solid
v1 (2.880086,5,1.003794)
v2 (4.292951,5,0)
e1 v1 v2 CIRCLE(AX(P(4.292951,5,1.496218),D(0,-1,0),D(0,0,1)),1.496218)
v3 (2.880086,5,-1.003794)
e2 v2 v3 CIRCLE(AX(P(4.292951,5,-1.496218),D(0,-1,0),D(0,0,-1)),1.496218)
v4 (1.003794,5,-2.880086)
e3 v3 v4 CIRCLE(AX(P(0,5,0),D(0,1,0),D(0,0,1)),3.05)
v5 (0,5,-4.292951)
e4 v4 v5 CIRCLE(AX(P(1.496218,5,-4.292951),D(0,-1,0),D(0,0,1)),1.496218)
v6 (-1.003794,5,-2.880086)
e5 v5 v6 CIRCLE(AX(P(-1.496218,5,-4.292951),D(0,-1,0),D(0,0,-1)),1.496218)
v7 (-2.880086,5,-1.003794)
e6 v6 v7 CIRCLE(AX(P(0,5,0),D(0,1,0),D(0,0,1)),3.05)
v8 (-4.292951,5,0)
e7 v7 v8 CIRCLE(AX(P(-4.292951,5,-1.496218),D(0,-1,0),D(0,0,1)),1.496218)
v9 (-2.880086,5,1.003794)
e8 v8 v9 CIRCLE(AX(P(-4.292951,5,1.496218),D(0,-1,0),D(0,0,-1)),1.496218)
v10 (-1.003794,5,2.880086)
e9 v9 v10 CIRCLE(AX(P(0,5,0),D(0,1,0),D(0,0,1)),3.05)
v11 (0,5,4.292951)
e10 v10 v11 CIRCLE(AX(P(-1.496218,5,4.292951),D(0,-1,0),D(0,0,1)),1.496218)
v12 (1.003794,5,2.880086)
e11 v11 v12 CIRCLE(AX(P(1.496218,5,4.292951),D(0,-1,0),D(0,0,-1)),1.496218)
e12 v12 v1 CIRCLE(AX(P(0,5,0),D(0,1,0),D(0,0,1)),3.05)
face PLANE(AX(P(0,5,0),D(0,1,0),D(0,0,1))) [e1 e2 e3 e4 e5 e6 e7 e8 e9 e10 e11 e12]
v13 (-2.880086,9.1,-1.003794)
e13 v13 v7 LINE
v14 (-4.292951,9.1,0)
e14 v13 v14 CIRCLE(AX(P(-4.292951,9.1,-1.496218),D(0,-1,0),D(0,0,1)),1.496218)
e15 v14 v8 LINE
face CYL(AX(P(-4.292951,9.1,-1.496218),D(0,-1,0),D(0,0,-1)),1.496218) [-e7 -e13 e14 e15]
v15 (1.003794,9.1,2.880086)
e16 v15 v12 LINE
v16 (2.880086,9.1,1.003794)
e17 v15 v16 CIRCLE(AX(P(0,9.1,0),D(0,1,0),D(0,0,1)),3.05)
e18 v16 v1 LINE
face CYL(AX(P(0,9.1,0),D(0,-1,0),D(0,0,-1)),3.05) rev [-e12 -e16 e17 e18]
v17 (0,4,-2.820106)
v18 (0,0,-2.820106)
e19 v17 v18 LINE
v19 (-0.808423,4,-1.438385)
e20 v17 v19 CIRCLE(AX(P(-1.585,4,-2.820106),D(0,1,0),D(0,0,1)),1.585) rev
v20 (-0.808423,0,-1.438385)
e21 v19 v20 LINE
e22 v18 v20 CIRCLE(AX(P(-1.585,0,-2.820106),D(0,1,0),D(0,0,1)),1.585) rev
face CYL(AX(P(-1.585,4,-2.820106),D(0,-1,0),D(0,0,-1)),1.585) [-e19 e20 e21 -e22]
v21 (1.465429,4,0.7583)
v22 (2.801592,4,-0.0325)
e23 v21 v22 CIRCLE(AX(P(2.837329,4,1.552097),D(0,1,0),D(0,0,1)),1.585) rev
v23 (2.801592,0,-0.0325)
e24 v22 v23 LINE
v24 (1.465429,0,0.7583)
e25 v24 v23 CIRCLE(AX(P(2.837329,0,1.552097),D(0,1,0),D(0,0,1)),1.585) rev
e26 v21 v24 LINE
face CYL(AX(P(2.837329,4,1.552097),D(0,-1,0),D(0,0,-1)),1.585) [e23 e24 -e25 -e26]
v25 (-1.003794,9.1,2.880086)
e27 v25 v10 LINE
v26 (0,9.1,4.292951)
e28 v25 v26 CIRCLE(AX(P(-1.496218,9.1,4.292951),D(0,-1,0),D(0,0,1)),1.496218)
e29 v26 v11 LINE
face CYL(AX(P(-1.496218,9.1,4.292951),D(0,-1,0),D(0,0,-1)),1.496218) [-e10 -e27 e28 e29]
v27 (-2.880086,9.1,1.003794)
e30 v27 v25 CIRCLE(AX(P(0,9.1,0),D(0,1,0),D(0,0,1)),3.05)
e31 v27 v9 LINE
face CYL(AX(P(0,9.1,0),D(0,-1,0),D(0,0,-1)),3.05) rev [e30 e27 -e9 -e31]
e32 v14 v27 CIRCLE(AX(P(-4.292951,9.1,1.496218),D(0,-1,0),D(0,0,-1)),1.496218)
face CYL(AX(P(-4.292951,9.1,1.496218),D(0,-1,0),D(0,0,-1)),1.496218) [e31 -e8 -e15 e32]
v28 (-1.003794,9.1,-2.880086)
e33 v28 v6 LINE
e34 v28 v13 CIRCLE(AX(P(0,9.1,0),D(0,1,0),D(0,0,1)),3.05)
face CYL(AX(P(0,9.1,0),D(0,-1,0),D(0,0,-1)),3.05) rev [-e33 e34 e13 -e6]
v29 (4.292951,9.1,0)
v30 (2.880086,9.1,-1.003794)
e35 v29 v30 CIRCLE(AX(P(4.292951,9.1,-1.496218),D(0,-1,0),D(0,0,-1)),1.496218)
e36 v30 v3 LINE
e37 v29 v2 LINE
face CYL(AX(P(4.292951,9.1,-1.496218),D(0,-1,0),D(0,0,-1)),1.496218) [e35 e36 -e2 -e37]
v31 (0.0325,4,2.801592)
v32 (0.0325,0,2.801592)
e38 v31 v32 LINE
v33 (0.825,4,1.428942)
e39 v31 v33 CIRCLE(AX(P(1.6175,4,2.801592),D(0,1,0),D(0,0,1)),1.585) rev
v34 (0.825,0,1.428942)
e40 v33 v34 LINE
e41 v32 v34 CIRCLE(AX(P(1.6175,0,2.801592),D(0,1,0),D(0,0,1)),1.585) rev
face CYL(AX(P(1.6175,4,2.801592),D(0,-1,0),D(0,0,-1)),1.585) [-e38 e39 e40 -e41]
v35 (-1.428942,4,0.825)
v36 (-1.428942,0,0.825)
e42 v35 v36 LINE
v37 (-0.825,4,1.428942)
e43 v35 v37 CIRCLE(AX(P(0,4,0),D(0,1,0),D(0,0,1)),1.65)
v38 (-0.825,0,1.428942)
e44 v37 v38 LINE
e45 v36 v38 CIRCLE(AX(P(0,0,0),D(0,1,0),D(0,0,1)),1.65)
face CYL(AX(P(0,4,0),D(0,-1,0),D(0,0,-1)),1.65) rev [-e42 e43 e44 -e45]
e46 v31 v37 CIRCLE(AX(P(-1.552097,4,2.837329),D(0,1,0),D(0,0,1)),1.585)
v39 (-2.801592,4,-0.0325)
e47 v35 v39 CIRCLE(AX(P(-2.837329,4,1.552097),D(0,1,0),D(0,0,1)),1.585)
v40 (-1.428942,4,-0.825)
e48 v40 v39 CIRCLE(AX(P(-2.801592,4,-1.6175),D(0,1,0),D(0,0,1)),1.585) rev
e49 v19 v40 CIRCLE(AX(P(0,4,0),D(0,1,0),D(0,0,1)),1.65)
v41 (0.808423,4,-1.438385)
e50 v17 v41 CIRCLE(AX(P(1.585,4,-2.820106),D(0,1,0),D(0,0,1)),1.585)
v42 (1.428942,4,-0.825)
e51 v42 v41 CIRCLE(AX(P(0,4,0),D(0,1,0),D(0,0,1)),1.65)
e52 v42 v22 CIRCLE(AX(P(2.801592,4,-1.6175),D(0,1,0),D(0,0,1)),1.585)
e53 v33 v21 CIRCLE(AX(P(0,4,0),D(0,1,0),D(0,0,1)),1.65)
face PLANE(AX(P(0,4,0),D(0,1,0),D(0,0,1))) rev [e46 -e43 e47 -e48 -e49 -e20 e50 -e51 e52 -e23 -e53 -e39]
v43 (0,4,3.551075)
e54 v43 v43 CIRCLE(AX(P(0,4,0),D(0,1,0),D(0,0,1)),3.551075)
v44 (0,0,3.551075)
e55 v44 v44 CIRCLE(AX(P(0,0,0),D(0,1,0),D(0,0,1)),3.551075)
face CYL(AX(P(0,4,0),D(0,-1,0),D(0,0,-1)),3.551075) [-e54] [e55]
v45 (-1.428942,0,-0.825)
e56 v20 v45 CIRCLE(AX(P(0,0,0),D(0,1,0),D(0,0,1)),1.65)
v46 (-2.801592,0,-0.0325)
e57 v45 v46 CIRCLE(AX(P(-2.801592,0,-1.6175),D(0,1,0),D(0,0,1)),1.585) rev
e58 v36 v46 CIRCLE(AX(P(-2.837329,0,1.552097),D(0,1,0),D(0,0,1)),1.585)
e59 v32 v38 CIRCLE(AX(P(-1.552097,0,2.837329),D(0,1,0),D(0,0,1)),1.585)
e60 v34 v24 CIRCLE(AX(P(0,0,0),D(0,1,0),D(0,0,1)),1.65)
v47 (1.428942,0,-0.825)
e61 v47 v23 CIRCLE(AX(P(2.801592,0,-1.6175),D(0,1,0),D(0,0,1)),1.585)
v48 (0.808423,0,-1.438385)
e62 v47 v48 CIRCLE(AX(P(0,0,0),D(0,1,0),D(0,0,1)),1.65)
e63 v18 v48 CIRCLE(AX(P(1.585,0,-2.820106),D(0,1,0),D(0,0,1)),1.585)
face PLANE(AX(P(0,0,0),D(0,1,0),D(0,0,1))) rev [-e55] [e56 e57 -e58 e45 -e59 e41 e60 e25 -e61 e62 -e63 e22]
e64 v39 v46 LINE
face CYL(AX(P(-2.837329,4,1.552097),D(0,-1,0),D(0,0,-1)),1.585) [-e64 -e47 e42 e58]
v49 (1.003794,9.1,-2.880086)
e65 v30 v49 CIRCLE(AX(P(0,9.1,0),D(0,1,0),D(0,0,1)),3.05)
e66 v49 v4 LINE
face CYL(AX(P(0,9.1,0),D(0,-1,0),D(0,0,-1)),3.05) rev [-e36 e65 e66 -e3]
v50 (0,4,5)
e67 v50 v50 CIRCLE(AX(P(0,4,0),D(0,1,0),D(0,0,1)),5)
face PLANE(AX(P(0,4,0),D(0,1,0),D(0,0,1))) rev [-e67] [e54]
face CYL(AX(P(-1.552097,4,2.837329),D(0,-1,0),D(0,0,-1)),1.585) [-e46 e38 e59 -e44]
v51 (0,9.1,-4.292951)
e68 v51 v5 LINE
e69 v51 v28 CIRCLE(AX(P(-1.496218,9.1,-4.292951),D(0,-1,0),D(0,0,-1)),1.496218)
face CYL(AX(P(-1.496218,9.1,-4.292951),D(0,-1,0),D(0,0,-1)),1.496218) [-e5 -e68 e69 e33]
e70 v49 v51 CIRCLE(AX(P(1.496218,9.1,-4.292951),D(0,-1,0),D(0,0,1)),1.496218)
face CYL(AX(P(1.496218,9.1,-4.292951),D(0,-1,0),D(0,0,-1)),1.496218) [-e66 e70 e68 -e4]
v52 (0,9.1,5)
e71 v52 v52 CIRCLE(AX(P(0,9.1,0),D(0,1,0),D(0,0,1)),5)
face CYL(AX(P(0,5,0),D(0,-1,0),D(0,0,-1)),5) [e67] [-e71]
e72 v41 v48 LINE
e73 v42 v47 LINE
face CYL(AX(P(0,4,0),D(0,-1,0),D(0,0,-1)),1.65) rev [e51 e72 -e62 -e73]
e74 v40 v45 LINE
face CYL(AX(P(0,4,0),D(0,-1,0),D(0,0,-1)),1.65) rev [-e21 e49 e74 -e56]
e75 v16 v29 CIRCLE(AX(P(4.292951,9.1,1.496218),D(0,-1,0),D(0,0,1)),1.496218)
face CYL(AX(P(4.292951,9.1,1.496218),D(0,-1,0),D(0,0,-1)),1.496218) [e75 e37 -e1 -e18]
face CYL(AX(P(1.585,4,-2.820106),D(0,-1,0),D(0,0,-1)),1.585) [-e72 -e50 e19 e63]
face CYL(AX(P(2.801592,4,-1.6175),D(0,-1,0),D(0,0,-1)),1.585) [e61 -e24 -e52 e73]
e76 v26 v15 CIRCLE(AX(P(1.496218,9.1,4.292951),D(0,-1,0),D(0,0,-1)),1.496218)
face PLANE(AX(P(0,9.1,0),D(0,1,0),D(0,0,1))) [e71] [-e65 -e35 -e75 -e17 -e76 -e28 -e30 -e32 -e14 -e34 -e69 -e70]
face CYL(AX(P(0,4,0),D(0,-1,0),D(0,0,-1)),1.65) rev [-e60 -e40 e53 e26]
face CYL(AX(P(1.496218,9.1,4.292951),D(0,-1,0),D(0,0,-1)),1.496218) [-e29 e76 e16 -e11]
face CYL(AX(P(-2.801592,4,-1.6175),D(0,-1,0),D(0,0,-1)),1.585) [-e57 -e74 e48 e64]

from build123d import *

# Parameters (mm, degrees)
SKETCH1_R           = 3.551074582
BOSS_EXTRUDE1_DEPTH = 4
SKETCH2_R           = 5
BOSS_EXTRUDE2_DEPTH = 1
SKETCH3_R           = 5
BOSS_EXTRUDE3_DEPTH = 4.1


with BuildPart() as part:
    # Sketch1 → Boss-Extrude1 (new body)
    with BuildSketch(Plane(origin=(0, 0, 0), x_dir=(1, 0, 0), z_dir=(0, 1, 0))):
        with Locations(Location((0, 0, 0), (0, 0, 270))):
            Circle(SKETCH1_R)
        with BuildLine():
            ThreePointArc((-0.825, -1.428941916), (-1.166726189, -1.166726189), (-1.428941916, -0.825))
            ThreePointArc((-1.428941916, -0.825), (-1.997567148, -0.207840905), (-2.801592181, 0.0325))
            ThreePointArc((-2.801592181, 0.0325), (-2.009092181, 0.244849735), (-1.428941916, 0.825))
            ThreePointArc((-1.428941916, 0.825), (-1.159961762, 1.173451623), (-0.808423493, 1.438385017))
            ThreePointArc((-0.808423493, 1.438385017), (-0.216954174, 2.019684231), (0, 2.820106381))
            ThreePointArc((0, 2.820106381), (0.216954174, 2.019684231), (0.808423493, 1.438385017))
            ThreePointArc((0.808423493, 1.438385017), (1.159961762, 1.173451623), (1.428941916, 0.825))
            ThreePointArc((1.428941916, 0.825), (2.009092181, 0.244849735), (2.801592181, 0.0325))
            ThreePointArc((2.801592181, 0.0325), (2.03004847, -0.188087258), (1.465428549, -0.758300183))
            ThreePointArc((1.465428549, -0.758300183), (1.44756945, -0.791860269), (1.428941916, -0.825))
            ThreePointArc((1.428941916, -0.825), (1.418202031, -0.843328524), (1.407227066, -0.861517258))
            ThreePointArc((1.407227066, -0.861517258), (1.151608486, -1.181650497), (0.825, -1.428941916))
            ThreePointArc((0.825, -1.428941916), (0.244849735, -2.009092181), (0.0325, -2.801592181))
            ThreePointArc((0.0325, -2.801592181), (-0.207840905, -1.997567148), (-0.825, -1.428941916))
        make_face(mode=Mode.SUBTRACT)
    extrude(amount=BOSS_EXTRUDE1_DEPTH)

    # Sketch2 → Boss-Extrude2 (add)
    with BuildSketch(Plane(origin=(0, 4, 0), x_dir=(1, 0, 0), z_dir=(0, 1, 0))):
        with Locations(Location((0, 0, 0), (0, 0, 270))):
            Circle(SKETCH2_R)
    extrude(amount=BOSS_EXTRUDE2_DEPTH)

    # Sketch3 → Boss-Extrude3 (add)
    with BuildSketch(Plane(origin=(0, 5, 0), x_dir=(1, 0, 0), z_dir=(0, 1, 0))):
        with Locations(Location((0, 0, 0), (0, 0, 270))):
            Circle(SKETCH3_R)
        with BuildLine():
            ThreePointArc((-1.003793736, 2.880086481), (-2.156675683, 2.156675683), (-2.880086481, 1.003793736))
            ThreePointArc((-2.880086481, 1.003793736), (-3.426379172, 0.276496236), (-4.292951263, 0))
            ThreePointArc((-4.292951263, 0), (-3.426379172, -0.276496236), (-2.880086481, -1.003793736))
            ThreePointArc((-2.880086481, -1.003793736), (-2.156675683, -2.156675683), (-1.003793736, -2.880086481))
            ThreePointArc((-1.003793736, -2.880086481), (-0.276496236, -3.426379172), (0, -4.292951263))
            ThreePointArc((0, -4.292951263), (0.276496236, -3.426379172), (1.003793736, -2.880086481))
            ThreePointArc((1.003793736, -2.880086481), (2.156675683, -2.156675683), (2.880086481, -1.003793736))
            ThreePointArc((2.880086481, -1.003793736), (3.426379172, -0.276496236), (4.292951263, 0))
            ThreePointArc((4.292951263, 0), (3.426379172, 0.276496236), (2.880086481, 1.003793736))
            ThreePointArc((2.880086481, 1.003793736), (2.156675683, 2.156675683), (1.003793736, 2.880086481))
            ThreePointArc((1.003793736, 2.880086481), (0.276496236, 3.426379172), (0, 4.292951263))
            ThreePointArc((0, 4.292951263), (-0.276496236, 3.426379172), (-1.003793736, 2.880086481))
        make_face(mode=Mode.SUBTRACT)
    extrude(amount=BOSS_EXTRUDE3_DEPTH)


solid = part.part
